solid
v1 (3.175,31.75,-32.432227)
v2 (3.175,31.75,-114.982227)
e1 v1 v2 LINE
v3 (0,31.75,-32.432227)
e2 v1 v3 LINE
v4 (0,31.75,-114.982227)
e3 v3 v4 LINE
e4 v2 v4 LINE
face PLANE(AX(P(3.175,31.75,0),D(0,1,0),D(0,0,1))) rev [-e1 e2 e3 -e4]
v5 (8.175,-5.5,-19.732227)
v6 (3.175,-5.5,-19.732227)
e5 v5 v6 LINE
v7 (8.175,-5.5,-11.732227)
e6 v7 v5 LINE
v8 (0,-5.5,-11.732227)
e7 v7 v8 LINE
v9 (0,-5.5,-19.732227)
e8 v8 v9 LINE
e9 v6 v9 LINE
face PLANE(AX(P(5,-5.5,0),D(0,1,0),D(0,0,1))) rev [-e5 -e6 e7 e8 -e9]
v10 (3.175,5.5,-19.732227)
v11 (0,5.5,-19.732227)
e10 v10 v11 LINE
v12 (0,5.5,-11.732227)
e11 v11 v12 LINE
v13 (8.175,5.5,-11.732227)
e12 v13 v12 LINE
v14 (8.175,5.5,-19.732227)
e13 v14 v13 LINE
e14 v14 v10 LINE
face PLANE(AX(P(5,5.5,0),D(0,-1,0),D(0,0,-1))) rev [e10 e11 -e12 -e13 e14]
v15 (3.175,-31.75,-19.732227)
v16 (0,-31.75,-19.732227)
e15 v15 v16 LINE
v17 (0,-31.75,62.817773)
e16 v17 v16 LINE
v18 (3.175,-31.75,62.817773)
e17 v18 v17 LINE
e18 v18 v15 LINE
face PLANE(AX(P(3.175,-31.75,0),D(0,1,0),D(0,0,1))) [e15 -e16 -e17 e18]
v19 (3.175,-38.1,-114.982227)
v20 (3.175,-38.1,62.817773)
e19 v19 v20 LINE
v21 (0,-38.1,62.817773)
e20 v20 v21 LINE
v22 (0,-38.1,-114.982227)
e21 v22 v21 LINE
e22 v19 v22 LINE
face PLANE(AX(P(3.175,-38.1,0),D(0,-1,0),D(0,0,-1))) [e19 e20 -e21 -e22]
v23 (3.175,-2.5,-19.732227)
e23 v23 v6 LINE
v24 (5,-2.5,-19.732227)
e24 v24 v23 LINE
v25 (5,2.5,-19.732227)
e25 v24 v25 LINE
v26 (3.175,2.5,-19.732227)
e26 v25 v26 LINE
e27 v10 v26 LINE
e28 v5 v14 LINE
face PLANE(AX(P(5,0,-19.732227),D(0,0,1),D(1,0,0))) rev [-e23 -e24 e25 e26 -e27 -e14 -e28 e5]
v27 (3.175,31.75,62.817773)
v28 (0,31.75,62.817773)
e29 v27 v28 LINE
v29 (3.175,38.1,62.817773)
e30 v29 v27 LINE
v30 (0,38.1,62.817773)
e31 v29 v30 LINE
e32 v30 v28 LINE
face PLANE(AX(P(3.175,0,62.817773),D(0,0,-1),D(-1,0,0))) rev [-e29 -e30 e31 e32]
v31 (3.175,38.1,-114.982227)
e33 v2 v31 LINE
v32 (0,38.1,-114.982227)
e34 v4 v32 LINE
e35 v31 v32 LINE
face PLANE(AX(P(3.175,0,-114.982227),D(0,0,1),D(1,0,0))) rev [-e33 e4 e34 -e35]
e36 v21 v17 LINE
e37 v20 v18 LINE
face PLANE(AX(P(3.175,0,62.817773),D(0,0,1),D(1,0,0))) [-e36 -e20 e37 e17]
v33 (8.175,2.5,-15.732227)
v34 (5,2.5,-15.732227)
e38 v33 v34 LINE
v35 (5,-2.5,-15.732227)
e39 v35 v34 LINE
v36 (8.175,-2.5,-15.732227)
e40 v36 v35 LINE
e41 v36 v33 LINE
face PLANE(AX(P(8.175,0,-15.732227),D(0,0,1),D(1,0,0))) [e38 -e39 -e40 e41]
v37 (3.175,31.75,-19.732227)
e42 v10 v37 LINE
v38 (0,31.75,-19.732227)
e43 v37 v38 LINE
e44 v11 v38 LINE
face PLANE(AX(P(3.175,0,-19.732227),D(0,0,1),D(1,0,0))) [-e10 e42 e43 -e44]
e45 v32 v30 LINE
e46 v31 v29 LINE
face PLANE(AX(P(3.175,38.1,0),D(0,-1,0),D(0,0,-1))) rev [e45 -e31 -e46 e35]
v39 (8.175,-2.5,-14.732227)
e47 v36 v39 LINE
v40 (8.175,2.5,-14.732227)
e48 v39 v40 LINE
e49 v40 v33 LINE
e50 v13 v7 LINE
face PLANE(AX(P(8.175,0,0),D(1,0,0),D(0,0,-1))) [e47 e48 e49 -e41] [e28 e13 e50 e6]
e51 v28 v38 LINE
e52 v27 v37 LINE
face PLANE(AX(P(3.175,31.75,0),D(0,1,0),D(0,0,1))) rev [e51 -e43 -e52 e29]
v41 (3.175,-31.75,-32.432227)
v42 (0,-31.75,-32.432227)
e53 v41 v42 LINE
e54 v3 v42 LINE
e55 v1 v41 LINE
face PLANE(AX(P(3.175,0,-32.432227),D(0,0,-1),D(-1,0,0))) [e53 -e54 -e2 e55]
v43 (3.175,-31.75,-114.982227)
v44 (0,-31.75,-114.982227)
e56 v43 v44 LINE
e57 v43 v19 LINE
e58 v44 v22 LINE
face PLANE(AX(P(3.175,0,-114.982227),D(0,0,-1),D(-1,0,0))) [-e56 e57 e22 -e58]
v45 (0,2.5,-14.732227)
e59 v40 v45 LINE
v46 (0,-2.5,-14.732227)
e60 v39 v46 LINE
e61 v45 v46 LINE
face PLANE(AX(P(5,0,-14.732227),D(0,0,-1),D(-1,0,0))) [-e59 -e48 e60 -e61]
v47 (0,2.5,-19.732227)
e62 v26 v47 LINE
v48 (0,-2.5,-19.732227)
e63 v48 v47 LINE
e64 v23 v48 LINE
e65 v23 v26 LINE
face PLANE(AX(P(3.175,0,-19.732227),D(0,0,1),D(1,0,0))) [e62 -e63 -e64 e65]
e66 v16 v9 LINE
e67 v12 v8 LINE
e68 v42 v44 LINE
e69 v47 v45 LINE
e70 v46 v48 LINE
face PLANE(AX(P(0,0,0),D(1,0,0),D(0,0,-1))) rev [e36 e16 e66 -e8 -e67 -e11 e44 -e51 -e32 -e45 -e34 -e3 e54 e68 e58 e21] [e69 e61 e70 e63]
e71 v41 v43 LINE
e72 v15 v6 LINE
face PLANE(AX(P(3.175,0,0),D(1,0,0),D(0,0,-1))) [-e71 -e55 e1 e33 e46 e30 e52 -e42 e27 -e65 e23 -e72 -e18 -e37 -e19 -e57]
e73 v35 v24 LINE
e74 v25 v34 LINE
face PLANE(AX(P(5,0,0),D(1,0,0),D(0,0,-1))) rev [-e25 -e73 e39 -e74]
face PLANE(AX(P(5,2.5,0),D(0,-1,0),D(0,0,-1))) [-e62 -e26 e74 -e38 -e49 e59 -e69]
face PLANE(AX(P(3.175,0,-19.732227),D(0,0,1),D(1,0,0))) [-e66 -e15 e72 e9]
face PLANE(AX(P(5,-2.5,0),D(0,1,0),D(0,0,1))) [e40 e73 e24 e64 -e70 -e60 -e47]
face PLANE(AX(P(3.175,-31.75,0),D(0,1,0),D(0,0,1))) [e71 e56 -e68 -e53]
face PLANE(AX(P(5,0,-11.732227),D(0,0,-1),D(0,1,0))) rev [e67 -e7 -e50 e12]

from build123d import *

# Parameters (mm, degrees)
BOSS_EXTRUDE1_DEPTH = 3.175
BOSS_EXTRUDE2_DEPTH = 5
SKETCH4_W           = 4
SKETCH4_H           = 5
BOSS_EXTRUDE3_DEPTH = 3.175


with BuildPart() as part:
    # Sketch1 → Boss-Extrude1 (new body)
    with BuildSketch(Plane(origin=(0, 0, 0), x_dir=(0, 0, -1), z_dir=(1, 0, 0))):
        Polygon((19.732226513, 31.75), (19.732226513, 0), (32.432226513, 0), (32.432226513, 31.75), (114.982226513, 31.75), (114.982226513, 38.1), (-62.817773487, 38.1), (-62.817773487, 31.75), align=None)
        Polygon((32.432226513, 0), (19.732226513, 0), (19.732226513, -31.75), (-62.817773487, -31.75), (-62.817773487, -38.1), (114.982226513, -38.1), (114.982226513, -31.75), (32.432226513, -31.75), align=None)
    extrude(amount=BOSS_EXTRUDE1_DEPTH)

    # Sketch2 → Boss-Extrude2 (add)
    with BuildSketch(Plane.ZY):
        Polygon((-19.732226513, 5.5), (-19.732226513, 2.5), (-14.732226513, 2.5), (-14.732226513, -2.5), (-19.732226513, -2.5), (-19.732226513, -5.5), (-11.732226513, -5.5), (-11.732226513, 5.5), align=None)
    extrude(amount=-BOSS_EXTRUDE2_DEPTH)

    # Sketch4 → Boss-Extrude3 (add)
    with BuildSketch(Plane(origin=(5, 0, 0), x_dir=(0, 0, -1), z_dir=(1, 0, 0))):
        Polygon((11.732226513, 5.5), (11.732226513, -5.5), (19.732226513, -5.5), (19.732226513, -2.5), (14.732226513, -2.5), (14.732226513, 2.5), (19.732226513, 2.5), (19.732226513, 5.5), align=None)
        with Locations((17.732226513, 0)):
            Rectangle(SKETCH4_W, SKETCH4_H)
    extrude(amount=BOSS_EXTRUDE3_DEPTH)


solid = part.part
